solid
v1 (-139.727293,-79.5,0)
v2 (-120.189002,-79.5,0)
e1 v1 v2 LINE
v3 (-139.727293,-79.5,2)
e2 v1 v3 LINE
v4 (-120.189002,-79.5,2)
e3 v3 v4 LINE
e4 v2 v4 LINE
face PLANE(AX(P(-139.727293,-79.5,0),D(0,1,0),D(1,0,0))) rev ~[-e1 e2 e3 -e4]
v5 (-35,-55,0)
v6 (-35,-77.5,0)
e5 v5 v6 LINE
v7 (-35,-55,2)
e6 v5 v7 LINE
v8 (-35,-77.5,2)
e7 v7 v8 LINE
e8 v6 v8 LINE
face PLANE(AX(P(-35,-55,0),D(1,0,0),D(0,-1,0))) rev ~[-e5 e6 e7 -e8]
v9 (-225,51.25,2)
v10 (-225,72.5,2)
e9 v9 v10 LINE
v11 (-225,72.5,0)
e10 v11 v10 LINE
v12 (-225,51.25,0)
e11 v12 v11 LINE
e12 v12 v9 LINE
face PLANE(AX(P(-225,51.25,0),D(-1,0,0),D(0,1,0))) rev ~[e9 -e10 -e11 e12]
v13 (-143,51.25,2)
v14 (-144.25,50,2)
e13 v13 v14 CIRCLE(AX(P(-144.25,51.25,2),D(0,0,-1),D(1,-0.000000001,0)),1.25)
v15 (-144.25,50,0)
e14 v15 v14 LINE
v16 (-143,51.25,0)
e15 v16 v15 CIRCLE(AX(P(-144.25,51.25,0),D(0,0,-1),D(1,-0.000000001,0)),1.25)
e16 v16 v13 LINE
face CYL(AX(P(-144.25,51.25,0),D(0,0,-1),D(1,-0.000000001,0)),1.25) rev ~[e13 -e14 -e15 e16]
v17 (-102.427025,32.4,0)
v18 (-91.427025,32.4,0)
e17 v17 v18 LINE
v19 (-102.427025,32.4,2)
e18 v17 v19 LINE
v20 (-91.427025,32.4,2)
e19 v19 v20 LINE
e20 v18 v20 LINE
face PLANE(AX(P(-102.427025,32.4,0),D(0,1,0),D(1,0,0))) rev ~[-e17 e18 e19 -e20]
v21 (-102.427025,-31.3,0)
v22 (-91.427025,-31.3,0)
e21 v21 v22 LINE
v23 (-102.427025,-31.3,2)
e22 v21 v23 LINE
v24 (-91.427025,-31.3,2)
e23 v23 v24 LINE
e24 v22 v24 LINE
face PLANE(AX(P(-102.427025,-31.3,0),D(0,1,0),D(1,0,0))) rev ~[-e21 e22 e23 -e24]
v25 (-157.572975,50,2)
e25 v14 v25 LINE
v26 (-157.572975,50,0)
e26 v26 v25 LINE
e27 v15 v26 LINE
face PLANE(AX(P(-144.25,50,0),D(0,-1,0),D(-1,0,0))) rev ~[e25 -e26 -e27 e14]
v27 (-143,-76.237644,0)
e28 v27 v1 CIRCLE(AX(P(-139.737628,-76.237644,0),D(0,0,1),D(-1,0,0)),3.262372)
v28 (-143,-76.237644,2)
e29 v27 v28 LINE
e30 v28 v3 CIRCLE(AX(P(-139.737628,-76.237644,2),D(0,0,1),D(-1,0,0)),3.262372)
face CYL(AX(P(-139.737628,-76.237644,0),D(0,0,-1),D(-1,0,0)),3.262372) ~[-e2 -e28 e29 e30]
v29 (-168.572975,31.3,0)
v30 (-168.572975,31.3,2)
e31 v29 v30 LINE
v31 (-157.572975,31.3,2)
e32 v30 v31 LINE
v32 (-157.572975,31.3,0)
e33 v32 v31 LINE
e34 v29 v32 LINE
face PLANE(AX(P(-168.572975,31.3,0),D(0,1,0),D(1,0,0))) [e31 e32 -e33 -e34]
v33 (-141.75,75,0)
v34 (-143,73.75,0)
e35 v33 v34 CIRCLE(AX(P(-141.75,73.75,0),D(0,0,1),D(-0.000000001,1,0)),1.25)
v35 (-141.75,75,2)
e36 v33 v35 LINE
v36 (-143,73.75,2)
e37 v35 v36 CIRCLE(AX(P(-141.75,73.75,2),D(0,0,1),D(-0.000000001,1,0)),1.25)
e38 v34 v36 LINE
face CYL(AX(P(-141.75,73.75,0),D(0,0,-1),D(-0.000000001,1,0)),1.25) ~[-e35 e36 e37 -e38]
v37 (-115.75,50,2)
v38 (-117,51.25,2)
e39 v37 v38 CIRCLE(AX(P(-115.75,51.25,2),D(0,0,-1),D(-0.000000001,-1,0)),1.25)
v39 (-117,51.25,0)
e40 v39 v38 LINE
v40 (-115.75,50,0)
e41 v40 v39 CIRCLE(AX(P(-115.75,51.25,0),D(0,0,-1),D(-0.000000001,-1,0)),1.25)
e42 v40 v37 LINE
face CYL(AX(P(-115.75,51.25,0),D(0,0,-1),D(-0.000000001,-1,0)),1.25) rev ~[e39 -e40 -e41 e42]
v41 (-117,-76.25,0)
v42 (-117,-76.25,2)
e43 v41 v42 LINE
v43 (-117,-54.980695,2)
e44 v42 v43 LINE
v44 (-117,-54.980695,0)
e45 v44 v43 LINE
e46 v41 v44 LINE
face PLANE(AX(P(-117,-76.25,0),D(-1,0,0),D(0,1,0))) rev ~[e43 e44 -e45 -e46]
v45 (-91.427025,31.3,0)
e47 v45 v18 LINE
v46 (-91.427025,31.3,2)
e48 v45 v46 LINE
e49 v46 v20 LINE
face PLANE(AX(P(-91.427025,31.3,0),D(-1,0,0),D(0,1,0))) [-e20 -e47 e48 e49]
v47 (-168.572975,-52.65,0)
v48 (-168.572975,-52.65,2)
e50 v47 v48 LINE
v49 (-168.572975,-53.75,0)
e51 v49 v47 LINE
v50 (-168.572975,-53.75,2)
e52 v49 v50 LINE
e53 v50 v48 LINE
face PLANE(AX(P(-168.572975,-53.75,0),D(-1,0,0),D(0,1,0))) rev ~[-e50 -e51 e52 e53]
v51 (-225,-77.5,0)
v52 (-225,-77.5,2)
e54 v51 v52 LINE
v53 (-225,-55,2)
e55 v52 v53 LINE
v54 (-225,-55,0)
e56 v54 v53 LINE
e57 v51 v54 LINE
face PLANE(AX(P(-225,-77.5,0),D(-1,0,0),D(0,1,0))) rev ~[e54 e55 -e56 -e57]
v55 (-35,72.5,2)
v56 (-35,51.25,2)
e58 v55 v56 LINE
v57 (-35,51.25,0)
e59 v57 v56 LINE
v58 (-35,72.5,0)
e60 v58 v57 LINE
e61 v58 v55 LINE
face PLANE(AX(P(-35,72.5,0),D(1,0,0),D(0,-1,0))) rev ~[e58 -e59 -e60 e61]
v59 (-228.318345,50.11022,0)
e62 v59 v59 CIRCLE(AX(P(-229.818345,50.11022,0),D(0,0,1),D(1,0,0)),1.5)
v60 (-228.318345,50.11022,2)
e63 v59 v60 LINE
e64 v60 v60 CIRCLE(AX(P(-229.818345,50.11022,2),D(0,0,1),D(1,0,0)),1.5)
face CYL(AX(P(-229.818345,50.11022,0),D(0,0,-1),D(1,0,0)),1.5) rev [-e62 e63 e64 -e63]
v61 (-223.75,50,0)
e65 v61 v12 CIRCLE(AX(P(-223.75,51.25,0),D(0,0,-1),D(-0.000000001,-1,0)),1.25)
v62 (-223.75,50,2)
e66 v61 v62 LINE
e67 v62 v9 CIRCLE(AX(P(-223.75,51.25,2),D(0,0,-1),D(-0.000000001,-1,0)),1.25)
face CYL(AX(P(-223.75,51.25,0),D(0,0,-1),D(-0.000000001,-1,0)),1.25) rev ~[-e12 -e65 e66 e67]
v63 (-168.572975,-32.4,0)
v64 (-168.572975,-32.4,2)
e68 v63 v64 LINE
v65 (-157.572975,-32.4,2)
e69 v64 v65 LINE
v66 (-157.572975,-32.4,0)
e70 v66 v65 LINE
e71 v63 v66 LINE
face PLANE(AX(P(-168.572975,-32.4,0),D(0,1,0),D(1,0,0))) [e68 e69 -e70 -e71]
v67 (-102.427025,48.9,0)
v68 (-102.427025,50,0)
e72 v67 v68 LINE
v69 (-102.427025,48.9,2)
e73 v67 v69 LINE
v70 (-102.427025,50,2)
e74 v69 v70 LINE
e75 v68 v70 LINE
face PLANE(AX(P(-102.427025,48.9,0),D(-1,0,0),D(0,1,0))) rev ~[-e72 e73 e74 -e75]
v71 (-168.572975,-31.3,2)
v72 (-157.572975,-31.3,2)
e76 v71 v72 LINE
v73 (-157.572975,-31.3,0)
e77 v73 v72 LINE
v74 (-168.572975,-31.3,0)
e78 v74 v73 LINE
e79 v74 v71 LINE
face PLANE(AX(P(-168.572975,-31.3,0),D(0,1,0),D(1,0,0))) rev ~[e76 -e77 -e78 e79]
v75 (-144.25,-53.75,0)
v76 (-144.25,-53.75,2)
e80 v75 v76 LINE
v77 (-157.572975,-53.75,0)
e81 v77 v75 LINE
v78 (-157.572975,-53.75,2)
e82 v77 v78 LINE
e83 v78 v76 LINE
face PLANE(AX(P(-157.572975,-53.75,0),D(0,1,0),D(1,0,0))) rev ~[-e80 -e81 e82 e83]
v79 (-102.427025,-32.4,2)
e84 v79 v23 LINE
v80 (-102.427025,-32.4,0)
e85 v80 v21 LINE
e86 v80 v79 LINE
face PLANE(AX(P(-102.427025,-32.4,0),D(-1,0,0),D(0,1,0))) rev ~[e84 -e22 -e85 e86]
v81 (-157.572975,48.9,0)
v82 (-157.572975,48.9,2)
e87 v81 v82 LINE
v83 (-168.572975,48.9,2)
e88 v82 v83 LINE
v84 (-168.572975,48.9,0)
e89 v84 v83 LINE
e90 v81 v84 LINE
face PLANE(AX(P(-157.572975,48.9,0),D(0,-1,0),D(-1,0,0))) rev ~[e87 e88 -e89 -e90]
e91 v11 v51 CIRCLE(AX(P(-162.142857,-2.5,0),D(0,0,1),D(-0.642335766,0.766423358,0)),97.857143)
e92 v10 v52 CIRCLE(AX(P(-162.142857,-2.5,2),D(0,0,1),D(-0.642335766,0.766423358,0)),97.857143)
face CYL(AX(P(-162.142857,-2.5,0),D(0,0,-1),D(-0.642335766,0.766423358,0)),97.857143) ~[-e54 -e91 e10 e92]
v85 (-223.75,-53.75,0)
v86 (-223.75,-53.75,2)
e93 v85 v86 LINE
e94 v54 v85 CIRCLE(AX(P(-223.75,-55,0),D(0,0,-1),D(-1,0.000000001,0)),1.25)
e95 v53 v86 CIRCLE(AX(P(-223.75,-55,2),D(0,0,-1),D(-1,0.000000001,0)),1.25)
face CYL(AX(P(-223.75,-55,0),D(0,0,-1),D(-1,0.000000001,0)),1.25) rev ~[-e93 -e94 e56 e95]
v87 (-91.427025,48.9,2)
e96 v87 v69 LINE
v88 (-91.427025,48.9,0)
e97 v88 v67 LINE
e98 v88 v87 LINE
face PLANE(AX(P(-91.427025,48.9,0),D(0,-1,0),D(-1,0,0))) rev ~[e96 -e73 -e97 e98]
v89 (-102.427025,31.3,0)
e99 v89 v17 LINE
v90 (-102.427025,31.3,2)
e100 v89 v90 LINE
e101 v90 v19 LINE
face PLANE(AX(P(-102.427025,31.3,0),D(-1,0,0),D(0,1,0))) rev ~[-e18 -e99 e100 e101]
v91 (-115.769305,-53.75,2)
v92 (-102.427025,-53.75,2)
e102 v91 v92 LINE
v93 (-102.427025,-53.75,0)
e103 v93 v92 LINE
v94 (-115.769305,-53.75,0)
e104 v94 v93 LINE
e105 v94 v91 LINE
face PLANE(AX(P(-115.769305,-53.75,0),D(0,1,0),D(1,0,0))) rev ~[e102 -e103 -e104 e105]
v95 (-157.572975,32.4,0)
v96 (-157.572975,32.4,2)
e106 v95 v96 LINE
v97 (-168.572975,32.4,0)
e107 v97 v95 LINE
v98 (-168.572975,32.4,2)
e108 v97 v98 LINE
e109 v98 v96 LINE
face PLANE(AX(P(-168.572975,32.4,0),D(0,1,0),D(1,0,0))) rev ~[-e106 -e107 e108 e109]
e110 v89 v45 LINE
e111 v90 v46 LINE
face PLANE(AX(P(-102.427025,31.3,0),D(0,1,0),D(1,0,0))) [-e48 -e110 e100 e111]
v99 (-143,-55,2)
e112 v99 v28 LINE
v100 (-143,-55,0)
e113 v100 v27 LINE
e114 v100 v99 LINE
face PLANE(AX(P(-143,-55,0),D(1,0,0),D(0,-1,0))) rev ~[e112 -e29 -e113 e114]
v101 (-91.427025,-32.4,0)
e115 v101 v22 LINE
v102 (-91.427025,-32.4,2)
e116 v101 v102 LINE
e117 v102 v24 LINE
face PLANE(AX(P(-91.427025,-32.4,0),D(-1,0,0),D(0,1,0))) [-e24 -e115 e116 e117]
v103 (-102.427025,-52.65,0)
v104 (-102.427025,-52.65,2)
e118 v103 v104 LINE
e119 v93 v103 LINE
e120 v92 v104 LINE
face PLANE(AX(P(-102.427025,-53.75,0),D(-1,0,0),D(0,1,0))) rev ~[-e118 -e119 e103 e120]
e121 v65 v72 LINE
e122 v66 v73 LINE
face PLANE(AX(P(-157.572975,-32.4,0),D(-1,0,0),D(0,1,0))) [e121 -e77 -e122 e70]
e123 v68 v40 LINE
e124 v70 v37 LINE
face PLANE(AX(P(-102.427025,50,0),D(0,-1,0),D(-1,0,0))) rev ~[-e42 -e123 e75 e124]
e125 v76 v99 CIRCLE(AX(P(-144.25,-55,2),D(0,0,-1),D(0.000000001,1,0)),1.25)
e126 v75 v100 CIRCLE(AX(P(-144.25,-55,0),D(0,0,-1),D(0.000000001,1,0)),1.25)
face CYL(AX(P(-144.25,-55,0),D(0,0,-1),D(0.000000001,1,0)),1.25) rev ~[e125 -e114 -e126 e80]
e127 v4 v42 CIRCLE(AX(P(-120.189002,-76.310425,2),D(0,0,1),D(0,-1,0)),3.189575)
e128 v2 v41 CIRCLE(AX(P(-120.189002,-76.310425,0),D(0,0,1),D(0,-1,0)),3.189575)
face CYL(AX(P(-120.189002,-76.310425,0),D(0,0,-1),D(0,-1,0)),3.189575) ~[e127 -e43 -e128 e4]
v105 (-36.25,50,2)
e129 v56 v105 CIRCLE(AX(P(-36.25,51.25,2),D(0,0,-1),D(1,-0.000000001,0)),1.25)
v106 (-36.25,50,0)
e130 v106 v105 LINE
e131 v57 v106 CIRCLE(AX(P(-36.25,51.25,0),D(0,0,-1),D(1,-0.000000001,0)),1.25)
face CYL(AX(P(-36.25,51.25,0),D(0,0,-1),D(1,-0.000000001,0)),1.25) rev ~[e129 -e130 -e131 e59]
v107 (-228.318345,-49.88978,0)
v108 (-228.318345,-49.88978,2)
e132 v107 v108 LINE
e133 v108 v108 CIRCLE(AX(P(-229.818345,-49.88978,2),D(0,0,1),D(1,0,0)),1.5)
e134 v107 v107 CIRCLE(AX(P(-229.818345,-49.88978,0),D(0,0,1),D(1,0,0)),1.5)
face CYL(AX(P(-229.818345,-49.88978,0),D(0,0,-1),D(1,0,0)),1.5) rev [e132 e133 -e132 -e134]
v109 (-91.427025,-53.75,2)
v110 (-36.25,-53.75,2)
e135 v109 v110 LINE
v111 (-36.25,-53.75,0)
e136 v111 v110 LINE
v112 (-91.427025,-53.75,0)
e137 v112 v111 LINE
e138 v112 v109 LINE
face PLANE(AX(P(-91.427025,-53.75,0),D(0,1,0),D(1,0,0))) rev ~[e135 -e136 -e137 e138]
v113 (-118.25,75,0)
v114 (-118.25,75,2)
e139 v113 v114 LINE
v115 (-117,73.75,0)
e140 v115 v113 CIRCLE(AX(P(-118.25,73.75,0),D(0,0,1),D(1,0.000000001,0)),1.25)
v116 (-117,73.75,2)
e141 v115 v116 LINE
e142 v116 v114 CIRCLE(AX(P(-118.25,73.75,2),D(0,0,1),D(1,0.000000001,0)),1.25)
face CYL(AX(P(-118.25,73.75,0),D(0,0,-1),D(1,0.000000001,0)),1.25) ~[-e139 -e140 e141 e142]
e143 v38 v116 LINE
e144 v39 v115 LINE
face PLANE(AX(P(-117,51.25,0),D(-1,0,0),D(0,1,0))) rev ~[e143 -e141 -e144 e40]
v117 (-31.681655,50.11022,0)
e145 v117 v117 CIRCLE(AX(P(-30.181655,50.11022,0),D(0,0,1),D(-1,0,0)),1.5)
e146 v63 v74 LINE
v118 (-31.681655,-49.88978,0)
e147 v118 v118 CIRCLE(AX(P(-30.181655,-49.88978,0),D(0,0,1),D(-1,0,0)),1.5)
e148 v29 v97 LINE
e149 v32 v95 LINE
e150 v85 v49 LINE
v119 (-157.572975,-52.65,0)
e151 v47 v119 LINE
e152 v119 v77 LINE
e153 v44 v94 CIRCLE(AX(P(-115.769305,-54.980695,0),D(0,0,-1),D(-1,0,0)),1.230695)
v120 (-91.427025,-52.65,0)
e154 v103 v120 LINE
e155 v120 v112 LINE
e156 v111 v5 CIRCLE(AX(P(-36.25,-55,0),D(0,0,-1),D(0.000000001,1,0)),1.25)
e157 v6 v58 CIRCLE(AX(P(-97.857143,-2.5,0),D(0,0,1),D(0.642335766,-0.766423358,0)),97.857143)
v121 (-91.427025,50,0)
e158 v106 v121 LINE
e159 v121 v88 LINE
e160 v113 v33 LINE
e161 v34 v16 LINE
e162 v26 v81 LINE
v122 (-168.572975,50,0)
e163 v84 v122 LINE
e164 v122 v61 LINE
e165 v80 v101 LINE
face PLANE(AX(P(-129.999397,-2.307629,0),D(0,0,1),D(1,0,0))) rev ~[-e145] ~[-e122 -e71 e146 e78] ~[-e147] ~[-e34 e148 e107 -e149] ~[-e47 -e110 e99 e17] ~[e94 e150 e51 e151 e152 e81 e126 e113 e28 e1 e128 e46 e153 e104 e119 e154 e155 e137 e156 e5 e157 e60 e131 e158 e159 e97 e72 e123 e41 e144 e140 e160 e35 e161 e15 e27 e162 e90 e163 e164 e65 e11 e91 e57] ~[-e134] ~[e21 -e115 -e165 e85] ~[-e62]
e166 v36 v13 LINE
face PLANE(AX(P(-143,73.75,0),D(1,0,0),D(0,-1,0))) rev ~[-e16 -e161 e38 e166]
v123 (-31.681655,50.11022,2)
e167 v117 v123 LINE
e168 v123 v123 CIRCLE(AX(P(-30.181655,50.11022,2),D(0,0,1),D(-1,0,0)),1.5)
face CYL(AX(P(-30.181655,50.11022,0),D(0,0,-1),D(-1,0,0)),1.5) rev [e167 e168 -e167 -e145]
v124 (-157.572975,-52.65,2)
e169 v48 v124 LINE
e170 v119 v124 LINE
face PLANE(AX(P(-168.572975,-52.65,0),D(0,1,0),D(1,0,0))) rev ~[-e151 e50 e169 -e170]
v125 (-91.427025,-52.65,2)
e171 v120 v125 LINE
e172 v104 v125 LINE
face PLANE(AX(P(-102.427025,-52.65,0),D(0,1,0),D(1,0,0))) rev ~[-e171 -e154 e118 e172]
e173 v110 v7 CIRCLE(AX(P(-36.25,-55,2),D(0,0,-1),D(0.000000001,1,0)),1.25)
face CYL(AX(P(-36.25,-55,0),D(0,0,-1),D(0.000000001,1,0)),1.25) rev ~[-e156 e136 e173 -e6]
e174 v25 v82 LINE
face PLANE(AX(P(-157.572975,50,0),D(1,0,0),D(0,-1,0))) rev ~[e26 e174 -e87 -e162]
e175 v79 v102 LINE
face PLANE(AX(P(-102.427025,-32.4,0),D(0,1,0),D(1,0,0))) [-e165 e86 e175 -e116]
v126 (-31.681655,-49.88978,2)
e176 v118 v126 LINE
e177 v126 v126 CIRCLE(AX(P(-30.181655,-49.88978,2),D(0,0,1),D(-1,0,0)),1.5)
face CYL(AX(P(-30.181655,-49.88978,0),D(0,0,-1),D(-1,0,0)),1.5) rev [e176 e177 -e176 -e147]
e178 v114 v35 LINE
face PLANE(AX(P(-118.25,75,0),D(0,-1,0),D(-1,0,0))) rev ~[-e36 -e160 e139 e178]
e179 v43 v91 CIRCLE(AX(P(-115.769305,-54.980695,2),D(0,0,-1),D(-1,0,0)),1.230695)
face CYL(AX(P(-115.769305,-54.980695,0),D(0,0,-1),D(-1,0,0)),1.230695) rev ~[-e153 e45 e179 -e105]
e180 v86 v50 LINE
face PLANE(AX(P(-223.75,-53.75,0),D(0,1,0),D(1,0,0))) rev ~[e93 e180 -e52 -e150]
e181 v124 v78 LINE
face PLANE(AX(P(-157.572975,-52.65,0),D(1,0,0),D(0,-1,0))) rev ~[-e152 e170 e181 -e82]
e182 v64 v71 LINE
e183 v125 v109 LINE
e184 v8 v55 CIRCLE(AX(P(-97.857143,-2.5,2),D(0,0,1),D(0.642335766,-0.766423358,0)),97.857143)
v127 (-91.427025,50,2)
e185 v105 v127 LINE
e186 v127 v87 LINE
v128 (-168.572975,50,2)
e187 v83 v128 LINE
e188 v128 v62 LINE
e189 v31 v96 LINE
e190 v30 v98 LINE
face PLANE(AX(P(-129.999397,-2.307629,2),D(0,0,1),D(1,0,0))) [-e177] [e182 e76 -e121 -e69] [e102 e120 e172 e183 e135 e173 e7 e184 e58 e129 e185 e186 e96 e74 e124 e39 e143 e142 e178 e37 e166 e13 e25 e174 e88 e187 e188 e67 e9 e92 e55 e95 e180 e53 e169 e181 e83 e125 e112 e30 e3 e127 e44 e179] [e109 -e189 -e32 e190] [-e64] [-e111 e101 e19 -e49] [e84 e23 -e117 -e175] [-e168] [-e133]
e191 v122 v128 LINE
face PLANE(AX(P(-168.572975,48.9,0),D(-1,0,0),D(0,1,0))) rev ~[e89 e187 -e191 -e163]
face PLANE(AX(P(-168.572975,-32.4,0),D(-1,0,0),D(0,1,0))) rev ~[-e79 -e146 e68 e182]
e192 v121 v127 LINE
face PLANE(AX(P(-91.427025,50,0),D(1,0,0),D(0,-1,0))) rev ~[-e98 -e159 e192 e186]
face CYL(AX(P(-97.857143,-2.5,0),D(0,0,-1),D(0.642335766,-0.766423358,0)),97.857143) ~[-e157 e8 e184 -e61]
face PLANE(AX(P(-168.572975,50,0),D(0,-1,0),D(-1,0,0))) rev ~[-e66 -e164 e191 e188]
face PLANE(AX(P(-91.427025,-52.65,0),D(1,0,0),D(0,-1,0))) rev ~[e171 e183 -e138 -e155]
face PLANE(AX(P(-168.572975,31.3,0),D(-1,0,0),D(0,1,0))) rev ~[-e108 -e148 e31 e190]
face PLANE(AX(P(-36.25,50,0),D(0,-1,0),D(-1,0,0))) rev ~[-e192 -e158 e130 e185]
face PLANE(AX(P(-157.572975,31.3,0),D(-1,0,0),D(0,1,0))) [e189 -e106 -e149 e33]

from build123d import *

# Parameters (mm, degrees)
SZKIC1_R                    = 1.5
SZKIC1_W                    = 11
SZKIC1_H                    = 1.1
DODANIE_WYCI_GNI_CIE3_DEPTH = 2


with BuildPart() as part:
    # Szkic1 → Dodanie-wyciągnięcie3 (new body)
    with BuildSketch(Plane.XY):
        with BuildLine():
            Line((-139.727293062, -79.5), (-120.189002398, -79.5))
            ThreePointArc((-120.189002398, -79.5), (-117.912369122, -78.544329486), (-117, -76.25))
            Line((-117, -76.25), (-117, -54.98069498))
            ThreePointArc((-117, -54.98069498), (-116.639537786, -54.110462214), (-115.76930502, -53.75))
            Line((-115.76930502, -53.75), (-102.427025017, -53.75))
            Line((-102.427025017, -53.75), (-102.427025017, -52.65))
            Line((-102.427025017, -52.65), (-91.427025017, -52.65))
            Line((-91.427025017, -52.65), (-91.427025017, -53.75))
            Line((-91.427025017, -53.75), (-87.218924948, -53.75))
            Line((-87.218924948, -53.75), (-36.25, -53.75))
            ThreePointArc((-36.25, -53.75), (-35.366116524, -54.116116524), (-35, -55))
            Line((-35, -55), (-35, -77.5))
            ThreePointArc((-35, -77.5), (0, -2.5), (-35, 72.5))
            Line((-35, 72.5), (-35, 51.25))
            ThreePointArc((-35, 51.25), (-35.366116524, 50.366116524), (-36.25, 50))
            Line((-36.25, 50), (-91.427025017, 50))
            Line((-91.427025017, 50), (-91.427025017, 48.9))
            Line((-91.427025017, 48.9), (-102.427025017, 48.9))
            Line((-102.427025017, 48.9), (-102.427025017, 50))
            Line((-102.427025017, 50), (-115.75, 50))
            ThreePointArc((-115.75, 50), (-116.633883476, 50.366116524), (-117, 51.25))
            Line((-117, 51.25), (-117, 73.75))
            ThreePointArc((-117, 73.75), (-117.366116524, 74.633883476), (-118.25, 75))
            Line((-118.25, 75), (-141.75, 75))
            ThreePointArc((-141.75, 75), (-142.633883476, 74.633883476), (-143, 73.75))
            Line((-143, 73.75), (-143, 51.25))
            ThreePointArc((-143, 51.25), (-143.366116524, 50.366116524), (-144.25, 50))
            Line((-144.25, 50), (-157.572974983, 50))
            Line((-157.572974983, 50), (-157.572974983, 48.9))
            Line((-157.572974983, 48.9), (-168.572974983, 48.9))
            Line((-168.572974983, 48.9), (-168.572974983, 50))
            Line((-168.572974983, 50), (-223.75, 50))
            ThreePointArc((-223.75, 50), (-224.633883476, 50.366116524), (-225, 51.25))
            Line((-225, 51.25), (-225, 72.5))
            ThreePointArc((-225, 72.5), (-260, -2.5), (-225, -77.5))
            Line((-225, -77.5), (-225, -55))
            ThreePointArc((-225, -55), (-224.633883476, -54.116116524), (-223.75, -53.75))
            Line((-223.75, -53.75), (-172.781075052, -53.75))
            Line((-172.781075052, -53.75), (-168.572974983, -53.75))
            Line((-168.572974983, -53.75), (-168.572974983, -52.65))
            Line((-168.572974983, -52.65), (-166.090308712, -52.65))
            Line((-166.090308712, -52.65), (-157.572974983, -52.65))
            Line((-157.572974983, -52.65), (-157.572974983, -53.75))
            Line((-157.572974983, -53.75), (-144.25, -53.75))
            ThreePointArc((-144.25, -53.75), (-143.366116524, -54.116116524), (-143, -55))
            Line((-143, -55), (-143, -76.237644119))
            ThreePointArc((-143, -76.237644119), (-142.040816528, -78.548140635), (-139.727293062, -79.5))
        make_face()
        with Locations((-229.818345238, 50.110219647)):
            Circle(SZKIC1_R, mode=Mode.SUBTRACT)
        with Locations((-229.818345238, -49.889780353)):
            Circle(SZKIC1_R, mode=Mode.SUBTRACT)
        with Locations(Location((-30.181654762, -49.889780353, 0), (0, 0, 180))):
            Circle(SZKIC1_R, mode=Mode.SUBTRACT)
        with Locations(Location((-30.181654762, 50.110219647, 0), (0, 0, 180))):
            Circle(SZKIC1_R, mode=Mode.SUBTRACT)
        with Locations((-163.072974983, -31.85)):
            Rectangle(SZKIC1_W, SZKIC1_H, mode=Mode.SUBTRACT)
        with Locations((-163.072974983, 31.85)):
            Rectangle(SZKIC1_W, SZKIC1_H, mode=Mode.SUBTRACT)
        with Locations((-96.927025017, 31.85)):
            Rectangle(SZKIC1_W, SZKIC1_H, mode=Mode.SUBTRACT)
        with Locations((-96.927025017, -31.85)):
            Rectangle(SZKIC1_W, SZKIC1_H, mode=Mode.SUBTRACT)
    extrude(amount=DODANIE_WYCI_GNI_CIE3_DEPTH)


solid = part.part
